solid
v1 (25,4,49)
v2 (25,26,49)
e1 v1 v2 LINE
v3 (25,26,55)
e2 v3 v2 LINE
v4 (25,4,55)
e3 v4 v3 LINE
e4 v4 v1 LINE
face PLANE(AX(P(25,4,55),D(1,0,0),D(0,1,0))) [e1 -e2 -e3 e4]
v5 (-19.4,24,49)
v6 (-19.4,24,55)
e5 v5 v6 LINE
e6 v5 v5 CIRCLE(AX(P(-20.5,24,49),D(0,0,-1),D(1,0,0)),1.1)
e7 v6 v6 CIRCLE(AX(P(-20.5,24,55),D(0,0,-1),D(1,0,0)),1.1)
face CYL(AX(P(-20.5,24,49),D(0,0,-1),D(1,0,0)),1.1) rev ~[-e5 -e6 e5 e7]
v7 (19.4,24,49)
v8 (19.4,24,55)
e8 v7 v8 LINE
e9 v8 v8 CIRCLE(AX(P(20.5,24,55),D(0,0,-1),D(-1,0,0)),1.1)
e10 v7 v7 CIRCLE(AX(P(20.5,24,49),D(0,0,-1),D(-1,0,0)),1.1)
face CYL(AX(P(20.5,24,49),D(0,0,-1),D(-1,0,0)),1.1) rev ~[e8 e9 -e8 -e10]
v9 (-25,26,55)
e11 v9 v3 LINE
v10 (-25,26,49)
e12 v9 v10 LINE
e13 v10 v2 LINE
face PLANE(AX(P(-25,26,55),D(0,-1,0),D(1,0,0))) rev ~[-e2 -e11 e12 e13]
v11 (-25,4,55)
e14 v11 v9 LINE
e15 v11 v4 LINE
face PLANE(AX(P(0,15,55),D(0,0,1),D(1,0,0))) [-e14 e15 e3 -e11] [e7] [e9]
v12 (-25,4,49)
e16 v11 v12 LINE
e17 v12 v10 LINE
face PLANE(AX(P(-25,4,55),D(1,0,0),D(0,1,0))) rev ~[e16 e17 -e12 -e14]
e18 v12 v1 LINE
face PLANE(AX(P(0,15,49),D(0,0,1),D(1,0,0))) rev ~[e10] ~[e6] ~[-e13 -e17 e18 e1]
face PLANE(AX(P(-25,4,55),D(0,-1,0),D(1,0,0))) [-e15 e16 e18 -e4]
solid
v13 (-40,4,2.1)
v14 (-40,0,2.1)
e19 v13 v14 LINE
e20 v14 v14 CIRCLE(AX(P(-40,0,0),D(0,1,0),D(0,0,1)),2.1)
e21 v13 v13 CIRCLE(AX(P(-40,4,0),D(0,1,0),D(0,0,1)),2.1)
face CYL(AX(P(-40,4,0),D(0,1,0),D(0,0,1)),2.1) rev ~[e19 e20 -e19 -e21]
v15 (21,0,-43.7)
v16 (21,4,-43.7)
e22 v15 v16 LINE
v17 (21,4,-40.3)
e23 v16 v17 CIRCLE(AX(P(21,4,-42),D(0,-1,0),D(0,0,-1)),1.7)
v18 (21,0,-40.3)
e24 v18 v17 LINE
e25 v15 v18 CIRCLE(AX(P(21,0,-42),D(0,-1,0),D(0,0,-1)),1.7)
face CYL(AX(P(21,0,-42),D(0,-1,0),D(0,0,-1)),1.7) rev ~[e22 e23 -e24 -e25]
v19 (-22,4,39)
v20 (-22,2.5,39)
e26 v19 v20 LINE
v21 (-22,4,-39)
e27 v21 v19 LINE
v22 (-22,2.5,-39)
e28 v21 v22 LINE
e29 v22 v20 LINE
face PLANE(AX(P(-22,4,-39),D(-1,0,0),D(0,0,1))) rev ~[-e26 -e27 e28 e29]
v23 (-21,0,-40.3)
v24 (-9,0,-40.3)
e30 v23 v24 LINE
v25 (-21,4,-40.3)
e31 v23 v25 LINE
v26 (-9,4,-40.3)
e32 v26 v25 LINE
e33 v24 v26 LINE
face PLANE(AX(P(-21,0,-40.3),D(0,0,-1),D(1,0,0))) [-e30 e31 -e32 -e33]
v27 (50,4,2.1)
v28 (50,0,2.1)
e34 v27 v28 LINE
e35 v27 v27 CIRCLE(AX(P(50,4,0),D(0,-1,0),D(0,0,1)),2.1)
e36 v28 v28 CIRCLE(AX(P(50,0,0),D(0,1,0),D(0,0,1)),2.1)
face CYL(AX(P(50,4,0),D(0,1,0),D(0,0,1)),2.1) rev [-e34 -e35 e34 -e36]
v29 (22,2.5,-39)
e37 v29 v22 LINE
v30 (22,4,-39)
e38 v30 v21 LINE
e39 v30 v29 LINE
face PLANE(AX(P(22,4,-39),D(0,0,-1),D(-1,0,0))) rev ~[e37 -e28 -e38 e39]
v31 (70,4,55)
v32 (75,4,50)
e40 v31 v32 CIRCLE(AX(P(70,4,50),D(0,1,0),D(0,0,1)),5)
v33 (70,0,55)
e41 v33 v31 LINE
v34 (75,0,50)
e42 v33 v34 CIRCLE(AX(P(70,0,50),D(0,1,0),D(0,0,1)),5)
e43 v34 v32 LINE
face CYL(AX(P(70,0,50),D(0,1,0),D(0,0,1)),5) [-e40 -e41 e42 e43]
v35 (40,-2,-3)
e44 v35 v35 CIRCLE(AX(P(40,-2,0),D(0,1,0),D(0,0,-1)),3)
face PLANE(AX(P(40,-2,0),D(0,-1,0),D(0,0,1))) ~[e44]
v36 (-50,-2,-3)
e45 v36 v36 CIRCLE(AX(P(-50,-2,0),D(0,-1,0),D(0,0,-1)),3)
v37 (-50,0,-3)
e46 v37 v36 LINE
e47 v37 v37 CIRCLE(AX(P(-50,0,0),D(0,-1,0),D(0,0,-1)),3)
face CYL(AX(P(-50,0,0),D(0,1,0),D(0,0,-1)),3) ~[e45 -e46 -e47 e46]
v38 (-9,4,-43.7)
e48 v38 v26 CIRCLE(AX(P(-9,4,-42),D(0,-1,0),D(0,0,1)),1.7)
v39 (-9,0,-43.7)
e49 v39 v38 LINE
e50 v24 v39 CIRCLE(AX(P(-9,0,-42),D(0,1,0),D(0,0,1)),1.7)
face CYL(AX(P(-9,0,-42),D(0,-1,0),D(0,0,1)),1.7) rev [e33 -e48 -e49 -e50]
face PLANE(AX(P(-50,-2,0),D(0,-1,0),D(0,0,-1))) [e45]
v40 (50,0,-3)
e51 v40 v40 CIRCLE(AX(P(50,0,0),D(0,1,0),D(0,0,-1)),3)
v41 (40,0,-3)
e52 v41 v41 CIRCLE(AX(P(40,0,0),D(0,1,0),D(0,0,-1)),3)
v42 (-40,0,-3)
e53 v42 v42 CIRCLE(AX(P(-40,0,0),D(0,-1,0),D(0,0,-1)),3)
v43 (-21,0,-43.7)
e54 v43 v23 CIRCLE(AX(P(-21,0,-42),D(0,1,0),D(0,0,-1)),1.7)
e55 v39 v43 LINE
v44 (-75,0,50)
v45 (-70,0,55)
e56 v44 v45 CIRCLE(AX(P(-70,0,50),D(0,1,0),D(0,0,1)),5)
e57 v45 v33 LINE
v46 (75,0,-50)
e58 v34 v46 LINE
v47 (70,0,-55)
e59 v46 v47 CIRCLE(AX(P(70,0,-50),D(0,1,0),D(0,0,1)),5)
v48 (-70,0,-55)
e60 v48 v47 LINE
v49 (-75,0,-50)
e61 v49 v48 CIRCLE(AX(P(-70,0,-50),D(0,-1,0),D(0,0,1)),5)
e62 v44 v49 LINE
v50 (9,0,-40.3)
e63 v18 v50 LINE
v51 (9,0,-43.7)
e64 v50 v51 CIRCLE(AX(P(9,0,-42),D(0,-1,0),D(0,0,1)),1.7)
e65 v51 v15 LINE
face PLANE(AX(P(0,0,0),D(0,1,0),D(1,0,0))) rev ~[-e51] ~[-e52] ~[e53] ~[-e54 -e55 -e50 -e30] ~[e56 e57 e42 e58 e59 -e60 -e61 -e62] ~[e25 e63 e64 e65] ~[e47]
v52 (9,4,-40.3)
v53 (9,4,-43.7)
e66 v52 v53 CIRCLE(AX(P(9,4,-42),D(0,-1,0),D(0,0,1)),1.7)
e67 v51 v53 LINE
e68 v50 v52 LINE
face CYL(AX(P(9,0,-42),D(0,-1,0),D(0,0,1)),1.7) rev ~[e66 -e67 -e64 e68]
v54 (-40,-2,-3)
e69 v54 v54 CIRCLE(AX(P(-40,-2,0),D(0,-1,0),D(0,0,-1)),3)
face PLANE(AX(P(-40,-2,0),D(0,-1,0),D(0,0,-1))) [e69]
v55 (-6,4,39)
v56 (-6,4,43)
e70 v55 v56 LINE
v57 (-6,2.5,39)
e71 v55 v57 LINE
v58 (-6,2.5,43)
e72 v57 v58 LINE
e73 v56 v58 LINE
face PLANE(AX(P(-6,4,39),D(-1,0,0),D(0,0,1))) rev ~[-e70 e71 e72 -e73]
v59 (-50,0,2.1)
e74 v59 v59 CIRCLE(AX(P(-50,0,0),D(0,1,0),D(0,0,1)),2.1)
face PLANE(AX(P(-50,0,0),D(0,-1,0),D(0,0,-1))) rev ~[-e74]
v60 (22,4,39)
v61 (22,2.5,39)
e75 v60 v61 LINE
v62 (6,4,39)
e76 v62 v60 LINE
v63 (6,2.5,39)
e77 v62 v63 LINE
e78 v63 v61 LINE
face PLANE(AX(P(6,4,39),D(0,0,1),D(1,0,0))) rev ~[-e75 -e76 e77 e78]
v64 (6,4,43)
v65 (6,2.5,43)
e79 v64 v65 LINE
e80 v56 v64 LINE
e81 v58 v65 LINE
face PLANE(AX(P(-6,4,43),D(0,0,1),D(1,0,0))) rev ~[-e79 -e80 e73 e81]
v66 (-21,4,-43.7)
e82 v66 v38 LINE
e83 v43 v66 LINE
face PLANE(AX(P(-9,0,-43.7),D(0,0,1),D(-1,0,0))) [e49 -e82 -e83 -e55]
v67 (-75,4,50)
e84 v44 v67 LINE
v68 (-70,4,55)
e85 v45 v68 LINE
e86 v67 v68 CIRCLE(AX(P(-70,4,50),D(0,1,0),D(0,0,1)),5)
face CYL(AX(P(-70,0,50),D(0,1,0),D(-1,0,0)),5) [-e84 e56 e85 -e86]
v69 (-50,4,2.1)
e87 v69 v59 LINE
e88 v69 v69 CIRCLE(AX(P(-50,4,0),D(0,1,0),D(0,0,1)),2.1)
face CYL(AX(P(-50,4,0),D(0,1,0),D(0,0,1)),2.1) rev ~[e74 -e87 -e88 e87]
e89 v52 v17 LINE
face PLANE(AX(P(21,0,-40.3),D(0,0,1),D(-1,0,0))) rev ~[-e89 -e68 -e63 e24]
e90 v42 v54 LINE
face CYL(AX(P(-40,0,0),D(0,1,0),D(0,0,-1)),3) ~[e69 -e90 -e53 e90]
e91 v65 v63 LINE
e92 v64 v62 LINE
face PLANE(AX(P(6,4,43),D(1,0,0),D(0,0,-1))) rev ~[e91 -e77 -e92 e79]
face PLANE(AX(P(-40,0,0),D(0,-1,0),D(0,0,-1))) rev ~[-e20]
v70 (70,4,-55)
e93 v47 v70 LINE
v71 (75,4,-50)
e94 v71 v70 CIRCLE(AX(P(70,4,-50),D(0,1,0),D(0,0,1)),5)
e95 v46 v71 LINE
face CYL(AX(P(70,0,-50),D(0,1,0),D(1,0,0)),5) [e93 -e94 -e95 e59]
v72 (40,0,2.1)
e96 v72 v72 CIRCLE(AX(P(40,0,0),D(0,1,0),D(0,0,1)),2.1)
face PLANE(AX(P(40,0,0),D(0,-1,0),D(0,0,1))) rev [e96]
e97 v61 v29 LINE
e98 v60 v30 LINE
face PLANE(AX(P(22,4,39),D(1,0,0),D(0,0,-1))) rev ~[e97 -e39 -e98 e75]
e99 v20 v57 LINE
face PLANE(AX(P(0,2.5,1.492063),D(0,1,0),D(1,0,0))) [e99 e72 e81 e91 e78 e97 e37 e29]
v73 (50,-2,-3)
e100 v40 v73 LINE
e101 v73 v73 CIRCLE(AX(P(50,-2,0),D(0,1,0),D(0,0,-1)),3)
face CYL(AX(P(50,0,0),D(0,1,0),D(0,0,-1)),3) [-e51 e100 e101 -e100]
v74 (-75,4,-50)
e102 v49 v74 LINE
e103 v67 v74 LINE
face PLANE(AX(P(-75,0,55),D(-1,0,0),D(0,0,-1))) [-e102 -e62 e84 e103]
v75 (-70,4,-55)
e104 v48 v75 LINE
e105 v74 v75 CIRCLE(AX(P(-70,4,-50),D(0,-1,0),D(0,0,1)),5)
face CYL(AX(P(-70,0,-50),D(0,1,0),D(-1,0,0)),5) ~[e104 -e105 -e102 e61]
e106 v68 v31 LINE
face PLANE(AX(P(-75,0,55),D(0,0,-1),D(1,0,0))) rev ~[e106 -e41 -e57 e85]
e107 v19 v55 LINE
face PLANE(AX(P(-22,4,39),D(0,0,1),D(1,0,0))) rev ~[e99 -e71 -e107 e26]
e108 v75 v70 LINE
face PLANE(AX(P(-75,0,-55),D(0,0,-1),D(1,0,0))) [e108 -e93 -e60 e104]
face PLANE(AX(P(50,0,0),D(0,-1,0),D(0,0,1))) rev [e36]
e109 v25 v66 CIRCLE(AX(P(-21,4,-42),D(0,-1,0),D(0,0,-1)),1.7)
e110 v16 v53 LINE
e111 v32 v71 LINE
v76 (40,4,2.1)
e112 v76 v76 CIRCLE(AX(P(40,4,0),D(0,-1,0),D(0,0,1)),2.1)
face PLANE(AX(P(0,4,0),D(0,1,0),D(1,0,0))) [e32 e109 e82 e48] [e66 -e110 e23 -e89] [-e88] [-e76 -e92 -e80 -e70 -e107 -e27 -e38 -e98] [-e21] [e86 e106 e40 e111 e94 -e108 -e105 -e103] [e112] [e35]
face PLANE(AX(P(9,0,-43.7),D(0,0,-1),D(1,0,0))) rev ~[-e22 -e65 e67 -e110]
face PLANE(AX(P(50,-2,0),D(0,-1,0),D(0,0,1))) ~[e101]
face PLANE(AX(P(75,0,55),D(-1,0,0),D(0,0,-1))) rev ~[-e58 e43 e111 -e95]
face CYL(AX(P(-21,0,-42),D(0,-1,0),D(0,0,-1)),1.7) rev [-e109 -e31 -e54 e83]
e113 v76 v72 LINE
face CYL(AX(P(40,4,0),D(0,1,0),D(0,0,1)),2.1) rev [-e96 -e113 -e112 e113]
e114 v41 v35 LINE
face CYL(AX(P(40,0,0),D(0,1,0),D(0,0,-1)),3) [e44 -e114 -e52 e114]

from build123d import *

# Parameters (mm, degrees)
SKETCH1_W           = 150
SKETCH1_H           = 110
BOSS_EXTRUDE1_DEPTH = 4
FILLET1_R           = 5
SKETCH2_R           = 2.1
CUT_EXTRUDE1_DEPTH  = 94.091352982
SKETCH3_R           = 3
BOSS_EXTRUDE2_DEPTH = 2
CUT_EXTRUDE2_DEPTH  = 1.5
SKETCH7_W           = 50
SKETCH7_H           = 22
BOSS_EXTRUDE4_DEPTH = 6
SKETCH8_R           = 1.1
CUT_EXTRUDE3_DEPTH  = 131.831953284
CUT_EXTRUDE4_DEPTH  = 97.571217244


with BuildPart() as part:
    # Sketch1 → Boss-Extrude1 (new body)
    with BuildSketch(Plane(origin=(0, 0, 0), x_dir=(1, 0, 0), z_dir=(0, 1, 0))):
        Rectangle(SKETCH1_W, SKETCH1_H)
    extrude(amount=BOSS_EXTRUDE1_DEPTH)

    # Fillet1
    fillet1_edges = [part.edges().sort_by_distance(p)[0] for p in [
        (75, 2, 55),
        (-75, 2, 55),
        (-75, 2, -55),
        (75, 2, -55),
    ]]
    fillet(fillet1_edges, radius=FILLET1_R)

    # Sketch2 → Cut-Extrude1 (cut, through all)
    with BuildSketch(Plane(origin=(0, 4, 0), x_dir=(1, 0, 0), z_dir=(0, 1, 0))):
        with Locations(Location((-50, 0, 0), (0, 0, 270))):
            Circle(SKETCH2_R)
        with Locations(Location((-40, 0, 0), (0, 0, 270))):
            Circle(SKETCH2_R)
    cut_extrude1 = extrude(amount=-CUT_EXTRUDE1_DEPTH, mode=Mode.SUBTRACT)

    # Sketch3 → Boss-Extrude2 (add)
    with BuildSketch(Plane.XZ):
        with Locations(Location((-50, 0, 0), (0, 0, 270))):
            Circle(SKETCH3_R)
        with Locations(Location((-40, 0, 0), (0, 0, 270))):
            Circle(SKETCH3_R)
    boss_extrude2 = extrude(amount=BOSS_EXTRUDE2_DEPTH)

    # Mirror1: Cut-Extrude1, Boss-Extrude2 across plane
    add(cut_extrude1.mirror(Plane(origin=(0, 0, 0), x_dir=(0, 0, 1), z_dir=(1, 0, 0))), mode=Mode.SUBTRACT)
    add(boss_extrude2.mirror(Plane(origin=(0, 0, 0), x_dir=(0, 0, 1), z_dir=(1, 0, 0))))

    # Sketch4 → Cut-Extrude2 (cut)
    with BuildSketch(Plane(origin=(0, 4, 0), x_dir=(1, 0, 0), z_dir=(0, 1, 0))):
        Polygon((-22, -39), (-6, -39), (-6, -43), (6, -43), (6, -39), (22, -39), (22, 39), (-22, 39), align=None)
    extrude(amount=-CUT_EXTRUDE2_DEPTH, mode=Mode.SUBTRACT)

    # Sketch9 → Cut-Extrude4 (cut, through all)
    with BuildSketch(Plane.XZ):
        with BuildLine():
            Line((-21, -40.3), (-9, -40.3))
            ThreePointArc((-9, -40.3), (-7.3, -42), (-9, -43.7))
            Line((-9, -43.7), (-21, -43.7))
            ThreePointArc((-21, -43.7), (-22.7, -42), (-21, -40.3))
        make_face()
        with BuildLine():
            Line((21, -40.3), (9, -40.3))
            ThreePointArc((9, -40.3), (7.3, -42), (9, -43.7))
            Line((9, -43.7), (21, -43.7))
            ThreePointArc((21, -43.7), (22.7, -42), (21, -40.3))
        make_face()
    extrude(amount=-CUT_EXTRUDE4_DEPTH, mode=Mode.SUBTRACT)


with BuildPart() as body_2:
    # Sketch7 → Boss-Extrude4 (new body)
    with BuildSketch(Plane.XY.offset(55)):
        with Locations((0, 15)):
            Rectangle(SKETCH7_W, SKETCH7_H)
    extrude(amount=-BOSS_EXTRUDE4_DEPTH)

    # Sketch8 → Cut-Extrude3 (cut, through all)
    with BuildSketch(Plane(origin=(0, 0, 49), x_dir=(-1, 0, 0), z_dir=(0, 0, -1))):
        with Locations((-20.5, 24)):
            Circle(SKETCH8_R)
        with Locations(Location((20.5, 24, 0), (0, 0, 180))):
            Circle(SKETCH8_R)
    extrude(amount=-CUT_EXTRUDE3_DEPTH, mode=Mode.SUBTRACT)


solid = Compound([part.part, body_2.part])
